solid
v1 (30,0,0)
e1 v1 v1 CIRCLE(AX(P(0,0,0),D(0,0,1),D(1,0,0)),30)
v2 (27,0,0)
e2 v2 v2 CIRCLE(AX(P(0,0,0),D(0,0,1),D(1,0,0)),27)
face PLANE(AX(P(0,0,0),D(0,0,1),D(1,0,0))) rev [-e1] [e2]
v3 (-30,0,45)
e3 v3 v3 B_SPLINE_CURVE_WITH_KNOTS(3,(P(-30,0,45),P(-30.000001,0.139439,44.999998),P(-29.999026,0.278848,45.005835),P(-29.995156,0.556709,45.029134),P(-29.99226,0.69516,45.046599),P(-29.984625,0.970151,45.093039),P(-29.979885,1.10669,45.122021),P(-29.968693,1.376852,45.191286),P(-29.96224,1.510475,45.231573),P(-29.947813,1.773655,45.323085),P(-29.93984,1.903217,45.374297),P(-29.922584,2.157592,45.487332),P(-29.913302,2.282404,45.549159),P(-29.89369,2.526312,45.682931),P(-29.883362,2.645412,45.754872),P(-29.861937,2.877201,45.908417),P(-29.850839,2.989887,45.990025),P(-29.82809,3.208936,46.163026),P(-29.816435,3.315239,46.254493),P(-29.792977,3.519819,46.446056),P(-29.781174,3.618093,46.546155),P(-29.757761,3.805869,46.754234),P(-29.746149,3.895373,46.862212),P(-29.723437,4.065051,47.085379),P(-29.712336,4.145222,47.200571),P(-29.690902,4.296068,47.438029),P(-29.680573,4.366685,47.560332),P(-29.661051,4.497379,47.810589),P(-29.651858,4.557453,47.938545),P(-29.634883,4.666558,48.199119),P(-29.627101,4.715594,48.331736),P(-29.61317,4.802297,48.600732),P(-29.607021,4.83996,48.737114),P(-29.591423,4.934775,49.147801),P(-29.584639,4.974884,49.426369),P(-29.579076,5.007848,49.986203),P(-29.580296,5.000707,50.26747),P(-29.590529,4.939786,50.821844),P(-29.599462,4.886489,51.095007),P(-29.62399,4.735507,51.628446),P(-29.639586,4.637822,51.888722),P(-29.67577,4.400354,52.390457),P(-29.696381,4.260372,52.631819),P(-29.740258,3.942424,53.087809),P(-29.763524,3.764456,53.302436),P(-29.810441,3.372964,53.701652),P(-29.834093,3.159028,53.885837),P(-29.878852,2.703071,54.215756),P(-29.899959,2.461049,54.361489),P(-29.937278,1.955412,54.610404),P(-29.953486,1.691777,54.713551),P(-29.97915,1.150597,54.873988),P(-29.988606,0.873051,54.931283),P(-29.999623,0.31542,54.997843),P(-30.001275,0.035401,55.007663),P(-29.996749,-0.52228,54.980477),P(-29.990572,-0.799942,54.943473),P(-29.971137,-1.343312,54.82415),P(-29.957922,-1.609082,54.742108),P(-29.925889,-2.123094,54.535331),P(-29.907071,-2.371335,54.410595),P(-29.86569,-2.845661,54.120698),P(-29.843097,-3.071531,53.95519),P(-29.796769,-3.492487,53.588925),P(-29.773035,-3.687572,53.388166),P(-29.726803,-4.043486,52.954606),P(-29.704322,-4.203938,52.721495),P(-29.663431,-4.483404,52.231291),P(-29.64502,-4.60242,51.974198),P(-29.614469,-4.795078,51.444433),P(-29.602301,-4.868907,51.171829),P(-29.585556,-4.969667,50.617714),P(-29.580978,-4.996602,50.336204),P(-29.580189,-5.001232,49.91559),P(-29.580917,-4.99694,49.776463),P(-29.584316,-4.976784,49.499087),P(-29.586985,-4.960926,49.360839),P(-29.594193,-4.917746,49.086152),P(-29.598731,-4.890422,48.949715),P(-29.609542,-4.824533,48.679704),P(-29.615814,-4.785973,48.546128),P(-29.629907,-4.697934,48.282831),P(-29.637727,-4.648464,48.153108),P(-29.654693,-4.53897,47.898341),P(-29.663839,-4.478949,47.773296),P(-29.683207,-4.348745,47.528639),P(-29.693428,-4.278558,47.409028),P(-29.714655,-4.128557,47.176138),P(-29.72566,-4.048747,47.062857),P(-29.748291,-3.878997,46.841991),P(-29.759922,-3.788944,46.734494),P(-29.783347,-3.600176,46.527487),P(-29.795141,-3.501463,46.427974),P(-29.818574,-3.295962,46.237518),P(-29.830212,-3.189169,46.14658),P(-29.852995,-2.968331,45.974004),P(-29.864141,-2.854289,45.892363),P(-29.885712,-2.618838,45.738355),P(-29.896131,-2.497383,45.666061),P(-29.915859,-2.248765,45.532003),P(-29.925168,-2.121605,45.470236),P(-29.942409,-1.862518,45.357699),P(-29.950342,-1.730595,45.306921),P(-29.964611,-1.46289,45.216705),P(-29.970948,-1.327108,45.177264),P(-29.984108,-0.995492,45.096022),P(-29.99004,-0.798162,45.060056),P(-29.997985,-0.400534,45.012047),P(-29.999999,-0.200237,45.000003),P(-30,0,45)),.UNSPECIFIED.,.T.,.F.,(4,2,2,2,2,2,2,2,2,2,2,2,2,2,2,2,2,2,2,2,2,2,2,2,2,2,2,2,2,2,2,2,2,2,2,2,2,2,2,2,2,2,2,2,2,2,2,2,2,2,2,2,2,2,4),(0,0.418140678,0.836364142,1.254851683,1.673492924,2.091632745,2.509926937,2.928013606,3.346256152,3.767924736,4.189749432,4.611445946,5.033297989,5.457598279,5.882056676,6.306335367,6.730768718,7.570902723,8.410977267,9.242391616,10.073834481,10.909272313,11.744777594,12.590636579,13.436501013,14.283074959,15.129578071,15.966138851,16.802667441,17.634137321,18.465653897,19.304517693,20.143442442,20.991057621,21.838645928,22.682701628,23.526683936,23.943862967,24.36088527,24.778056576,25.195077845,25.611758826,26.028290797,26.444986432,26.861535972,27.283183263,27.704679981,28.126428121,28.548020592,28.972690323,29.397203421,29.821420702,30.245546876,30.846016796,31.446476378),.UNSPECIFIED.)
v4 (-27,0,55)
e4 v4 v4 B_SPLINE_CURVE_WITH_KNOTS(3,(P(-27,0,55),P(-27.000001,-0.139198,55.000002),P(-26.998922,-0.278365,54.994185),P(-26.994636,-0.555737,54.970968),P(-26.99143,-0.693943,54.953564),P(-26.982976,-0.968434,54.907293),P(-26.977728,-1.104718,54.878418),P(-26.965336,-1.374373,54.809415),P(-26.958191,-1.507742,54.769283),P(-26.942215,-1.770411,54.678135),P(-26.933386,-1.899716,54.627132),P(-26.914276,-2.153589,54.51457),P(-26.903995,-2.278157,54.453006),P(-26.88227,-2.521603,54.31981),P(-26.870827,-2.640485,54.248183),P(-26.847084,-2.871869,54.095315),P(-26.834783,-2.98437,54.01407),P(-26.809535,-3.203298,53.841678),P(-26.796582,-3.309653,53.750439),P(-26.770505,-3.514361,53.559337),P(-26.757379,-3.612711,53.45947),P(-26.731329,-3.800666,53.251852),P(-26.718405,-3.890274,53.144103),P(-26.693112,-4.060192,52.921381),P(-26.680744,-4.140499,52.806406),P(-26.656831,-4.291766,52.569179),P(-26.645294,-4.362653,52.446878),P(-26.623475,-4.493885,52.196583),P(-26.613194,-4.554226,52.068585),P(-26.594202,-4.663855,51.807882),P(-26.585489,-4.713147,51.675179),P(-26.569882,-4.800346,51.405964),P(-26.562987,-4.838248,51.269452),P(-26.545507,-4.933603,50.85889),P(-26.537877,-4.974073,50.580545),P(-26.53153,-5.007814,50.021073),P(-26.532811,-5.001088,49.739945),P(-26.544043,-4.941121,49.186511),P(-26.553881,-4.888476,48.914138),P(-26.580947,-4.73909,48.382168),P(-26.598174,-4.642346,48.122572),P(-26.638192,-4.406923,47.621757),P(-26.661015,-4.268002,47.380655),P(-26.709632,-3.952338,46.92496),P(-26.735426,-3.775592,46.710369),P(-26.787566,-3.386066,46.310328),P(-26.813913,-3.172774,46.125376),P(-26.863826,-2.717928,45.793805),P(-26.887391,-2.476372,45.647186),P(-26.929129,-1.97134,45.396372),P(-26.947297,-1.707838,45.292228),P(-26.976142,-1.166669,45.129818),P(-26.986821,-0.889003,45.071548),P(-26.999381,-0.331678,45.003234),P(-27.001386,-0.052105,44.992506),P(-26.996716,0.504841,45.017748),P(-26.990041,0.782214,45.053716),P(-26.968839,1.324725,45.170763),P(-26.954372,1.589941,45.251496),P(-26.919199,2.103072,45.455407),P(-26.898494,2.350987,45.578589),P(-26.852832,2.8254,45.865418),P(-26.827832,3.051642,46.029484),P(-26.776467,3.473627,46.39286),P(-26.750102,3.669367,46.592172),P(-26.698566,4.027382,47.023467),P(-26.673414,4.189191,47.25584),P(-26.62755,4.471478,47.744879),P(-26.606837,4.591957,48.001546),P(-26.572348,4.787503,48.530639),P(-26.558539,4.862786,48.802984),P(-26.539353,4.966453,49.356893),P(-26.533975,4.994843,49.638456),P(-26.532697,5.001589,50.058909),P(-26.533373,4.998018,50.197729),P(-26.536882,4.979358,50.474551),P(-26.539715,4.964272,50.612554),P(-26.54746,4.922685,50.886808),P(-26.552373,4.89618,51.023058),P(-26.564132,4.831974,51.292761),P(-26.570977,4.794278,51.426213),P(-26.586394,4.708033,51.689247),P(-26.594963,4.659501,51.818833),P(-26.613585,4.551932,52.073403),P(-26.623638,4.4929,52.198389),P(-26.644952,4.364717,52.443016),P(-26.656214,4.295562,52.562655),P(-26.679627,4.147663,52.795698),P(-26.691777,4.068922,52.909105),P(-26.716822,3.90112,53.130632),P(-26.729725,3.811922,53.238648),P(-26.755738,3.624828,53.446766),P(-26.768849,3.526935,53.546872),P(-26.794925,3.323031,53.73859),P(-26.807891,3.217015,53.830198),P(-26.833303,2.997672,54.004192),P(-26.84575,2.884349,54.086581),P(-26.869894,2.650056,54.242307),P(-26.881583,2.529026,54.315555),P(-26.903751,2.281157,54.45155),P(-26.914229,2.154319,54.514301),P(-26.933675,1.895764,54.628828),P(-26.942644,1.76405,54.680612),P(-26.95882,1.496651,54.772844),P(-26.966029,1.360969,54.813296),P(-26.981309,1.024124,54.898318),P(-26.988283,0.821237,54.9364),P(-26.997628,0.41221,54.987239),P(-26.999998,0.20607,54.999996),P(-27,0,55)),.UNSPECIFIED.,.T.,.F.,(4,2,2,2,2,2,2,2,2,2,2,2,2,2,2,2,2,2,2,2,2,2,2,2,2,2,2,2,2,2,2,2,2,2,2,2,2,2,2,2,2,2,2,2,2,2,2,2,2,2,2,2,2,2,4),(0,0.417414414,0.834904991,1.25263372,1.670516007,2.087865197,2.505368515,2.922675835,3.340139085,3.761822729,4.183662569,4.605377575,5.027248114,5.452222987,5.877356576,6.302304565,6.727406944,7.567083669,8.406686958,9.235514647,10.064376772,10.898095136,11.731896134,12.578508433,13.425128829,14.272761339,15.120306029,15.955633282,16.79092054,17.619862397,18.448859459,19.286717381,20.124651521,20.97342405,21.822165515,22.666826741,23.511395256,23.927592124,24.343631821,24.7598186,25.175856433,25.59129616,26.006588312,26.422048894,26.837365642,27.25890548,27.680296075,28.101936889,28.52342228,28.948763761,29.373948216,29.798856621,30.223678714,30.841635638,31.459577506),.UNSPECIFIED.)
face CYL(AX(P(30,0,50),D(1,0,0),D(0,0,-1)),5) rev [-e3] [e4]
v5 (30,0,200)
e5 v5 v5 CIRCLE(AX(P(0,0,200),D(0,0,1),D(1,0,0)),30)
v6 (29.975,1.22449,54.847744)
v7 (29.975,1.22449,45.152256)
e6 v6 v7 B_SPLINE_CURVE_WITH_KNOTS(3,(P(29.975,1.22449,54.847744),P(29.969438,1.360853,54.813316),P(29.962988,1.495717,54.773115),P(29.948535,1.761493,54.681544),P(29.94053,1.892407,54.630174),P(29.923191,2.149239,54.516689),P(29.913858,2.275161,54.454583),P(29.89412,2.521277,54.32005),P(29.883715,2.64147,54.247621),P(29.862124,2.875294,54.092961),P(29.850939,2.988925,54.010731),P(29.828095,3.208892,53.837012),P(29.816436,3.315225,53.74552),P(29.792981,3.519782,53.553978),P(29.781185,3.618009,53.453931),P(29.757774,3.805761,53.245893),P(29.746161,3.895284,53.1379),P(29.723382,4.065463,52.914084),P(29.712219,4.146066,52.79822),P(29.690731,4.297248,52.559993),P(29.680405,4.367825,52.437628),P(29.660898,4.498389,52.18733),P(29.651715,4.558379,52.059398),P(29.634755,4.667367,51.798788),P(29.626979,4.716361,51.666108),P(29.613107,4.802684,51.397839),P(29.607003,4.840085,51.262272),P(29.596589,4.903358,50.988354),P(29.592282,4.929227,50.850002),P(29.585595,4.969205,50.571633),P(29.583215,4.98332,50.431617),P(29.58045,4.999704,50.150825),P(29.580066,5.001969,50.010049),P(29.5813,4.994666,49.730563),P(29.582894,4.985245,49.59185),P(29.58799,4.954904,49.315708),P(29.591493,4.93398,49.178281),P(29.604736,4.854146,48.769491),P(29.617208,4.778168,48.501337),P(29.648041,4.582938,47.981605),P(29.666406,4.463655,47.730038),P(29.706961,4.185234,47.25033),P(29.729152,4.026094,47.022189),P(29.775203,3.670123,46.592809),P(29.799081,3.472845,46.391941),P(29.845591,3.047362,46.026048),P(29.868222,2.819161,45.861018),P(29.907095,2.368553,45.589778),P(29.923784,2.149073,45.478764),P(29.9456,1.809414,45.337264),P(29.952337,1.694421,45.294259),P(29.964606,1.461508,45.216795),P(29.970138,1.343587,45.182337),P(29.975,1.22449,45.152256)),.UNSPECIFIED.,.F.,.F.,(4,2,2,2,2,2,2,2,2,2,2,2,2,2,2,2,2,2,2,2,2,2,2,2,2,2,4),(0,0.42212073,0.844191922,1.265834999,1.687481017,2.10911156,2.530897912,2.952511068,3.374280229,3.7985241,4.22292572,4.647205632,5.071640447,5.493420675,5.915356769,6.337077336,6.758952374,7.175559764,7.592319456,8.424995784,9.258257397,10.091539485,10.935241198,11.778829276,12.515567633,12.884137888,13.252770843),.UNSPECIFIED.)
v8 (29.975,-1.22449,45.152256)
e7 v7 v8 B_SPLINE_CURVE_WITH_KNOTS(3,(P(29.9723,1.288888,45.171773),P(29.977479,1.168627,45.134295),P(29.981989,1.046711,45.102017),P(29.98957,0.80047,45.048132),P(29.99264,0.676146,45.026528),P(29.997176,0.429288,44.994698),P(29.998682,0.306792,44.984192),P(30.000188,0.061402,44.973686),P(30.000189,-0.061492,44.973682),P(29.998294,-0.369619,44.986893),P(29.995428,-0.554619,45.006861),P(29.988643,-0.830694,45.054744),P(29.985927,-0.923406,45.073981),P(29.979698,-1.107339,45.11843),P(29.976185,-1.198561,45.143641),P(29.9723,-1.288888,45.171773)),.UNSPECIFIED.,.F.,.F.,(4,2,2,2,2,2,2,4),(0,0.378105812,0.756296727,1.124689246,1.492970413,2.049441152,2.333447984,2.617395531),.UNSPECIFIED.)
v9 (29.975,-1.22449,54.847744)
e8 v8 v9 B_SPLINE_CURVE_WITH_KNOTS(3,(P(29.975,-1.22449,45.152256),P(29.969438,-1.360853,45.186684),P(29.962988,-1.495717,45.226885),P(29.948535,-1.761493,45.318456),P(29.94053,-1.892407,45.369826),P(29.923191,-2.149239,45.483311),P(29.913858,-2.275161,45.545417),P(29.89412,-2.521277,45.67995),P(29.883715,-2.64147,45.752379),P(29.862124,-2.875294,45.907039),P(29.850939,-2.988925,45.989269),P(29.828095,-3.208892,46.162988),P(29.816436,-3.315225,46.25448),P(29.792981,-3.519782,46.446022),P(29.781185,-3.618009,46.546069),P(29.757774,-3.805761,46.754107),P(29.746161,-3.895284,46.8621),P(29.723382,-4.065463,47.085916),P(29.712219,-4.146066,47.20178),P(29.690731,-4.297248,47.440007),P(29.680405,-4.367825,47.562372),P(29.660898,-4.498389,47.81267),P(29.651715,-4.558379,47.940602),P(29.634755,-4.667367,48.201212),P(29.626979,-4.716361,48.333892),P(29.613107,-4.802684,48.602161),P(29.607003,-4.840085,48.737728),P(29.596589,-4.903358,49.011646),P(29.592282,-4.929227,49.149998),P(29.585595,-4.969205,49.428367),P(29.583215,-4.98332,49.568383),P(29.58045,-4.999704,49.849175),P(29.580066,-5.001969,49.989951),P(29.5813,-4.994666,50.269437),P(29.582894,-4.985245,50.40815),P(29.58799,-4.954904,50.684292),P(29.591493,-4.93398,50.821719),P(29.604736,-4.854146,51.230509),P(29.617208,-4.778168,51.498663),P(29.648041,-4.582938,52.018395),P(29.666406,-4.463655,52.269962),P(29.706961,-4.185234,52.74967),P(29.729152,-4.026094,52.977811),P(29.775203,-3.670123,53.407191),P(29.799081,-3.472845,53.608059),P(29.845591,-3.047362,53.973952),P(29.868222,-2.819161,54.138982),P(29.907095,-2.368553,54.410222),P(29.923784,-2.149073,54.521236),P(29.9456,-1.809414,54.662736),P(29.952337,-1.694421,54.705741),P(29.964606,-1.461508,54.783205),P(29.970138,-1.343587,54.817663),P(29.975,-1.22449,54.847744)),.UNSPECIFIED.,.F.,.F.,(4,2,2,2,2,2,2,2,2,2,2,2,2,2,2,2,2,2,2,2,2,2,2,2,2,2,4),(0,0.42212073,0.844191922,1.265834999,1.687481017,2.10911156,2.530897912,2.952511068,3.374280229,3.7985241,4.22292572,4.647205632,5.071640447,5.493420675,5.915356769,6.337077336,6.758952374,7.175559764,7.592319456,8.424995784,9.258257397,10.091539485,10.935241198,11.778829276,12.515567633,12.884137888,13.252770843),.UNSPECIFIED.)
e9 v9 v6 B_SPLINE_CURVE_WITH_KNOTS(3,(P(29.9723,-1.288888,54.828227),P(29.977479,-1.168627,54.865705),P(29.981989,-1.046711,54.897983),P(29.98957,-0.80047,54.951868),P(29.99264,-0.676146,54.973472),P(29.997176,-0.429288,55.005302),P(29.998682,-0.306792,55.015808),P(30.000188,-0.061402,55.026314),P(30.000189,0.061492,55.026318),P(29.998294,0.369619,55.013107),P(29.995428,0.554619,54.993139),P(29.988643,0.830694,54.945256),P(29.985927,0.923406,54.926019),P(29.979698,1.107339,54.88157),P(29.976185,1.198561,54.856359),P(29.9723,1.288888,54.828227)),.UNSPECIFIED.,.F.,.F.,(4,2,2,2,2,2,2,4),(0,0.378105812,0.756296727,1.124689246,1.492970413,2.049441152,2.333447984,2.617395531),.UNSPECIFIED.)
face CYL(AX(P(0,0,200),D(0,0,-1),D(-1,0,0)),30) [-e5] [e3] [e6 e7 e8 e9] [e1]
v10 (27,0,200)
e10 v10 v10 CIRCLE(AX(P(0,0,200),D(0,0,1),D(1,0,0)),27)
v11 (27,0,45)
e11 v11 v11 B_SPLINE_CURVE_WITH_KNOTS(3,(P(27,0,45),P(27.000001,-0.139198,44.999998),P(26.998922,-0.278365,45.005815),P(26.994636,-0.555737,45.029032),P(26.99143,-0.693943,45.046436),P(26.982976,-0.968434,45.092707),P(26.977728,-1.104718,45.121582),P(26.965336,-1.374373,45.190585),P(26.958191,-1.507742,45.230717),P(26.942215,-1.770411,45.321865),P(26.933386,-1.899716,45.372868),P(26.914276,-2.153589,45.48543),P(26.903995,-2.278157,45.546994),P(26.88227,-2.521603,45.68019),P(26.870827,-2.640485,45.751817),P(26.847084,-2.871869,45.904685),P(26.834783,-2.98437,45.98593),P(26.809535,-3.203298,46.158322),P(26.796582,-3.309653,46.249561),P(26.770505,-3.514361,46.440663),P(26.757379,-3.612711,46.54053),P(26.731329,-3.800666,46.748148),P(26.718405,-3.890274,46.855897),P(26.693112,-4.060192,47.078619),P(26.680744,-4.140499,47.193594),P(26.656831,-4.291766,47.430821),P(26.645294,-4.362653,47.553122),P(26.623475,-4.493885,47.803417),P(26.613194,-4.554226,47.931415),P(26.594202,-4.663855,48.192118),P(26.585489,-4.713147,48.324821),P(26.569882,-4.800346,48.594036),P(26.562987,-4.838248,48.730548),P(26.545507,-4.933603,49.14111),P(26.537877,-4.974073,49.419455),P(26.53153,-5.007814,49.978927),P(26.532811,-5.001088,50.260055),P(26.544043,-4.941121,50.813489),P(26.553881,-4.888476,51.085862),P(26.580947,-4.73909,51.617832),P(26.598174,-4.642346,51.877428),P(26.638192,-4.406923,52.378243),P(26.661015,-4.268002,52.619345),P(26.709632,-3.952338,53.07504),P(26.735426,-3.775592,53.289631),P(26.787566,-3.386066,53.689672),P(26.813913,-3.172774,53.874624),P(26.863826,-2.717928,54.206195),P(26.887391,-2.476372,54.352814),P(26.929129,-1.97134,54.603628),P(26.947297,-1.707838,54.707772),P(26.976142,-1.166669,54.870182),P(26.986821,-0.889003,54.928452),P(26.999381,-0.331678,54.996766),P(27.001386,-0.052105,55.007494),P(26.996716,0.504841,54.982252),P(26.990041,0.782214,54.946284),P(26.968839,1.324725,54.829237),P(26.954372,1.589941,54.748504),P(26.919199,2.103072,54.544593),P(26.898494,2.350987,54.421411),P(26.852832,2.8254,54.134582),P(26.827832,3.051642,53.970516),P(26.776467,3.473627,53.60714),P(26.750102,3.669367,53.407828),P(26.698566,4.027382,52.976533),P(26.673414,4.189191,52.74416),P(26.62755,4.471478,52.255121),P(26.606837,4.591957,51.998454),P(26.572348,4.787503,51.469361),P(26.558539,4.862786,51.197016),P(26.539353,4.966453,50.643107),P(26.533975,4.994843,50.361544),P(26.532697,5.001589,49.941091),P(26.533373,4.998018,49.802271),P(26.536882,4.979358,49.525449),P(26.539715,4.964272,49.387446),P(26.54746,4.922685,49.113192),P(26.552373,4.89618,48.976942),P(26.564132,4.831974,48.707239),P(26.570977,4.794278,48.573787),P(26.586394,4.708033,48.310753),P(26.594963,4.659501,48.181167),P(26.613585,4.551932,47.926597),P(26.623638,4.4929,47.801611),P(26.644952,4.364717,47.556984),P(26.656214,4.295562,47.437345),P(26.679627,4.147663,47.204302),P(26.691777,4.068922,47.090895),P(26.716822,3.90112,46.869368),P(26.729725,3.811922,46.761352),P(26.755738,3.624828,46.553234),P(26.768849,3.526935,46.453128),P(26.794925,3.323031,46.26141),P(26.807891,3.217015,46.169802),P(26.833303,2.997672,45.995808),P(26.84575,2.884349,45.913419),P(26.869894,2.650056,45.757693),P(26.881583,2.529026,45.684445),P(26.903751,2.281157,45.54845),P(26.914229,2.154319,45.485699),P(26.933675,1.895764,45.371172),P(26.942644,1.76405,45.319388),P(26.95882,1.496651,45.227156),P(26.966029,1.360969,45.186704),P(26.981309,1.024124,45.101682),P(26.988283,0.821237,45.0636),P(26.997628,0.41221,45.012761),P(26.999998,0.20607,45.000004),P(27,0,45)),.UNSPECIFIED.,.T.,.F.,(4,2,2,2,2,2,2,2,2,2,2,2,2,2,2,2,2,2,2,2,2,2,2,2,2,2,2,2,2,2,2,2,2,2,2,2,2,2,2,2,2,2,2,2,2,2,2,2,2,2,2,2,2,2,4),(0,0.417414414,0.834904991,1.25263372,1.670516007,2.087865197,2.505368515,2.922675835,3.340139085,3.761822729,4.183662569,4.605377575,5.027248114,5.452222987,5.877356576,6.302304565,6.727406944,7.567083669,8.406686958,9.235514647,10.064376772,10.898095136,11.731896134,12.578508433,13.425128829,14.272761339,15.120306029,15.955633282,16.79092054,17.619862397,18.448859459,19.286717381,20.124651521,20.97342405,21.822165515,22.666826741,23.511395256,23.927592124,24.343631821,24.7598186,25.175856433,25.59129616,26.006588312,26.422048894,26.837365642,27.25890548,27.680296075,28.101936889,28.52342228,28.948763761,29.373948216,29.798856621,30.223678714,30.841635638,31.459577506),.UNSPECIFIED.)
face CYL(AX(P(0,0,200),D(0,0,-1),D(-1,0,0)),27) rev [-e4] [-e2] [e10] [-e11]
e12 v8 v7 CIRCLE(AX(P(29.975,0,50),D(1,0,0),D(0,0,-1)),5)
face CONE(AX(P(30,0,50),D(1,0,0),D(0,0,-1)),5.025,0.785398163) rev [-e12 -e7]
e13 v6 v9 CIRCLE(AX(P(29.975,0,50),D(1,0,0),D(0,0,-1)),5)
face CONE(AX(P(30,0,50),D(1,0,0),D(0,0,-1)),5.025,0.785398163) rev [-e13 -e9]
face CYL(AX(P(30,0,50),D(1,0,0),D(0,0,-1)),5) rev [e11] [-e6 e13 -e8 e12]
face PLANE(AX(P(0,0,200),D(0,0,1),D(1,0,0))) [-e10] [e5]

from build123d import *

# Parameters (mm, degrees)
SZKIC2_R                              = 30
SZKIC2_R_2                            = 27
DODANIE_WYCI_GNI_CIE4_DEPTH           = 200
OTWORY_USTALAJ_CE_10_0MM1_D           = 10
OTWORY_USTALAJ_CE_10_0MM1_CSINK_D     = 10.05
OTWORY_USTALAJ_CE_10_0MM1_CSINK_ANGLE = 90


with BuildPart() as part:
    # Szkic2 → Dodanie-wyciągnięcie4 (new body)
    with BuildSketch(Plane.XY):
        Circle(SZKIC2_R)
        Circle(SZKIC2_R_2, mode=Mode.SUBTRACT)
    extrude(amount=DODANIE_WYCI_GNI_CIE4_DEPTH)

    # Otwory ustalające Ø10.0mm1 (through all)
    with Locations(Plane(origin=(30, 0, 50), x_dir=(0, 1, 0), z_dir=(1, 0, 0))):
        with Locations((0, 0)):
            CounterSinkHole(OTWORY_USTALAJ_CE_10_0MM1_D / 2, OTWORY_USTALAJ_CE_10_0MM1_CSINK_D / 2, counter_sink_angle=OTWORY_USTALAJ_CE_10_0MM1_CSINK_ANGLE)


solid = part.part
